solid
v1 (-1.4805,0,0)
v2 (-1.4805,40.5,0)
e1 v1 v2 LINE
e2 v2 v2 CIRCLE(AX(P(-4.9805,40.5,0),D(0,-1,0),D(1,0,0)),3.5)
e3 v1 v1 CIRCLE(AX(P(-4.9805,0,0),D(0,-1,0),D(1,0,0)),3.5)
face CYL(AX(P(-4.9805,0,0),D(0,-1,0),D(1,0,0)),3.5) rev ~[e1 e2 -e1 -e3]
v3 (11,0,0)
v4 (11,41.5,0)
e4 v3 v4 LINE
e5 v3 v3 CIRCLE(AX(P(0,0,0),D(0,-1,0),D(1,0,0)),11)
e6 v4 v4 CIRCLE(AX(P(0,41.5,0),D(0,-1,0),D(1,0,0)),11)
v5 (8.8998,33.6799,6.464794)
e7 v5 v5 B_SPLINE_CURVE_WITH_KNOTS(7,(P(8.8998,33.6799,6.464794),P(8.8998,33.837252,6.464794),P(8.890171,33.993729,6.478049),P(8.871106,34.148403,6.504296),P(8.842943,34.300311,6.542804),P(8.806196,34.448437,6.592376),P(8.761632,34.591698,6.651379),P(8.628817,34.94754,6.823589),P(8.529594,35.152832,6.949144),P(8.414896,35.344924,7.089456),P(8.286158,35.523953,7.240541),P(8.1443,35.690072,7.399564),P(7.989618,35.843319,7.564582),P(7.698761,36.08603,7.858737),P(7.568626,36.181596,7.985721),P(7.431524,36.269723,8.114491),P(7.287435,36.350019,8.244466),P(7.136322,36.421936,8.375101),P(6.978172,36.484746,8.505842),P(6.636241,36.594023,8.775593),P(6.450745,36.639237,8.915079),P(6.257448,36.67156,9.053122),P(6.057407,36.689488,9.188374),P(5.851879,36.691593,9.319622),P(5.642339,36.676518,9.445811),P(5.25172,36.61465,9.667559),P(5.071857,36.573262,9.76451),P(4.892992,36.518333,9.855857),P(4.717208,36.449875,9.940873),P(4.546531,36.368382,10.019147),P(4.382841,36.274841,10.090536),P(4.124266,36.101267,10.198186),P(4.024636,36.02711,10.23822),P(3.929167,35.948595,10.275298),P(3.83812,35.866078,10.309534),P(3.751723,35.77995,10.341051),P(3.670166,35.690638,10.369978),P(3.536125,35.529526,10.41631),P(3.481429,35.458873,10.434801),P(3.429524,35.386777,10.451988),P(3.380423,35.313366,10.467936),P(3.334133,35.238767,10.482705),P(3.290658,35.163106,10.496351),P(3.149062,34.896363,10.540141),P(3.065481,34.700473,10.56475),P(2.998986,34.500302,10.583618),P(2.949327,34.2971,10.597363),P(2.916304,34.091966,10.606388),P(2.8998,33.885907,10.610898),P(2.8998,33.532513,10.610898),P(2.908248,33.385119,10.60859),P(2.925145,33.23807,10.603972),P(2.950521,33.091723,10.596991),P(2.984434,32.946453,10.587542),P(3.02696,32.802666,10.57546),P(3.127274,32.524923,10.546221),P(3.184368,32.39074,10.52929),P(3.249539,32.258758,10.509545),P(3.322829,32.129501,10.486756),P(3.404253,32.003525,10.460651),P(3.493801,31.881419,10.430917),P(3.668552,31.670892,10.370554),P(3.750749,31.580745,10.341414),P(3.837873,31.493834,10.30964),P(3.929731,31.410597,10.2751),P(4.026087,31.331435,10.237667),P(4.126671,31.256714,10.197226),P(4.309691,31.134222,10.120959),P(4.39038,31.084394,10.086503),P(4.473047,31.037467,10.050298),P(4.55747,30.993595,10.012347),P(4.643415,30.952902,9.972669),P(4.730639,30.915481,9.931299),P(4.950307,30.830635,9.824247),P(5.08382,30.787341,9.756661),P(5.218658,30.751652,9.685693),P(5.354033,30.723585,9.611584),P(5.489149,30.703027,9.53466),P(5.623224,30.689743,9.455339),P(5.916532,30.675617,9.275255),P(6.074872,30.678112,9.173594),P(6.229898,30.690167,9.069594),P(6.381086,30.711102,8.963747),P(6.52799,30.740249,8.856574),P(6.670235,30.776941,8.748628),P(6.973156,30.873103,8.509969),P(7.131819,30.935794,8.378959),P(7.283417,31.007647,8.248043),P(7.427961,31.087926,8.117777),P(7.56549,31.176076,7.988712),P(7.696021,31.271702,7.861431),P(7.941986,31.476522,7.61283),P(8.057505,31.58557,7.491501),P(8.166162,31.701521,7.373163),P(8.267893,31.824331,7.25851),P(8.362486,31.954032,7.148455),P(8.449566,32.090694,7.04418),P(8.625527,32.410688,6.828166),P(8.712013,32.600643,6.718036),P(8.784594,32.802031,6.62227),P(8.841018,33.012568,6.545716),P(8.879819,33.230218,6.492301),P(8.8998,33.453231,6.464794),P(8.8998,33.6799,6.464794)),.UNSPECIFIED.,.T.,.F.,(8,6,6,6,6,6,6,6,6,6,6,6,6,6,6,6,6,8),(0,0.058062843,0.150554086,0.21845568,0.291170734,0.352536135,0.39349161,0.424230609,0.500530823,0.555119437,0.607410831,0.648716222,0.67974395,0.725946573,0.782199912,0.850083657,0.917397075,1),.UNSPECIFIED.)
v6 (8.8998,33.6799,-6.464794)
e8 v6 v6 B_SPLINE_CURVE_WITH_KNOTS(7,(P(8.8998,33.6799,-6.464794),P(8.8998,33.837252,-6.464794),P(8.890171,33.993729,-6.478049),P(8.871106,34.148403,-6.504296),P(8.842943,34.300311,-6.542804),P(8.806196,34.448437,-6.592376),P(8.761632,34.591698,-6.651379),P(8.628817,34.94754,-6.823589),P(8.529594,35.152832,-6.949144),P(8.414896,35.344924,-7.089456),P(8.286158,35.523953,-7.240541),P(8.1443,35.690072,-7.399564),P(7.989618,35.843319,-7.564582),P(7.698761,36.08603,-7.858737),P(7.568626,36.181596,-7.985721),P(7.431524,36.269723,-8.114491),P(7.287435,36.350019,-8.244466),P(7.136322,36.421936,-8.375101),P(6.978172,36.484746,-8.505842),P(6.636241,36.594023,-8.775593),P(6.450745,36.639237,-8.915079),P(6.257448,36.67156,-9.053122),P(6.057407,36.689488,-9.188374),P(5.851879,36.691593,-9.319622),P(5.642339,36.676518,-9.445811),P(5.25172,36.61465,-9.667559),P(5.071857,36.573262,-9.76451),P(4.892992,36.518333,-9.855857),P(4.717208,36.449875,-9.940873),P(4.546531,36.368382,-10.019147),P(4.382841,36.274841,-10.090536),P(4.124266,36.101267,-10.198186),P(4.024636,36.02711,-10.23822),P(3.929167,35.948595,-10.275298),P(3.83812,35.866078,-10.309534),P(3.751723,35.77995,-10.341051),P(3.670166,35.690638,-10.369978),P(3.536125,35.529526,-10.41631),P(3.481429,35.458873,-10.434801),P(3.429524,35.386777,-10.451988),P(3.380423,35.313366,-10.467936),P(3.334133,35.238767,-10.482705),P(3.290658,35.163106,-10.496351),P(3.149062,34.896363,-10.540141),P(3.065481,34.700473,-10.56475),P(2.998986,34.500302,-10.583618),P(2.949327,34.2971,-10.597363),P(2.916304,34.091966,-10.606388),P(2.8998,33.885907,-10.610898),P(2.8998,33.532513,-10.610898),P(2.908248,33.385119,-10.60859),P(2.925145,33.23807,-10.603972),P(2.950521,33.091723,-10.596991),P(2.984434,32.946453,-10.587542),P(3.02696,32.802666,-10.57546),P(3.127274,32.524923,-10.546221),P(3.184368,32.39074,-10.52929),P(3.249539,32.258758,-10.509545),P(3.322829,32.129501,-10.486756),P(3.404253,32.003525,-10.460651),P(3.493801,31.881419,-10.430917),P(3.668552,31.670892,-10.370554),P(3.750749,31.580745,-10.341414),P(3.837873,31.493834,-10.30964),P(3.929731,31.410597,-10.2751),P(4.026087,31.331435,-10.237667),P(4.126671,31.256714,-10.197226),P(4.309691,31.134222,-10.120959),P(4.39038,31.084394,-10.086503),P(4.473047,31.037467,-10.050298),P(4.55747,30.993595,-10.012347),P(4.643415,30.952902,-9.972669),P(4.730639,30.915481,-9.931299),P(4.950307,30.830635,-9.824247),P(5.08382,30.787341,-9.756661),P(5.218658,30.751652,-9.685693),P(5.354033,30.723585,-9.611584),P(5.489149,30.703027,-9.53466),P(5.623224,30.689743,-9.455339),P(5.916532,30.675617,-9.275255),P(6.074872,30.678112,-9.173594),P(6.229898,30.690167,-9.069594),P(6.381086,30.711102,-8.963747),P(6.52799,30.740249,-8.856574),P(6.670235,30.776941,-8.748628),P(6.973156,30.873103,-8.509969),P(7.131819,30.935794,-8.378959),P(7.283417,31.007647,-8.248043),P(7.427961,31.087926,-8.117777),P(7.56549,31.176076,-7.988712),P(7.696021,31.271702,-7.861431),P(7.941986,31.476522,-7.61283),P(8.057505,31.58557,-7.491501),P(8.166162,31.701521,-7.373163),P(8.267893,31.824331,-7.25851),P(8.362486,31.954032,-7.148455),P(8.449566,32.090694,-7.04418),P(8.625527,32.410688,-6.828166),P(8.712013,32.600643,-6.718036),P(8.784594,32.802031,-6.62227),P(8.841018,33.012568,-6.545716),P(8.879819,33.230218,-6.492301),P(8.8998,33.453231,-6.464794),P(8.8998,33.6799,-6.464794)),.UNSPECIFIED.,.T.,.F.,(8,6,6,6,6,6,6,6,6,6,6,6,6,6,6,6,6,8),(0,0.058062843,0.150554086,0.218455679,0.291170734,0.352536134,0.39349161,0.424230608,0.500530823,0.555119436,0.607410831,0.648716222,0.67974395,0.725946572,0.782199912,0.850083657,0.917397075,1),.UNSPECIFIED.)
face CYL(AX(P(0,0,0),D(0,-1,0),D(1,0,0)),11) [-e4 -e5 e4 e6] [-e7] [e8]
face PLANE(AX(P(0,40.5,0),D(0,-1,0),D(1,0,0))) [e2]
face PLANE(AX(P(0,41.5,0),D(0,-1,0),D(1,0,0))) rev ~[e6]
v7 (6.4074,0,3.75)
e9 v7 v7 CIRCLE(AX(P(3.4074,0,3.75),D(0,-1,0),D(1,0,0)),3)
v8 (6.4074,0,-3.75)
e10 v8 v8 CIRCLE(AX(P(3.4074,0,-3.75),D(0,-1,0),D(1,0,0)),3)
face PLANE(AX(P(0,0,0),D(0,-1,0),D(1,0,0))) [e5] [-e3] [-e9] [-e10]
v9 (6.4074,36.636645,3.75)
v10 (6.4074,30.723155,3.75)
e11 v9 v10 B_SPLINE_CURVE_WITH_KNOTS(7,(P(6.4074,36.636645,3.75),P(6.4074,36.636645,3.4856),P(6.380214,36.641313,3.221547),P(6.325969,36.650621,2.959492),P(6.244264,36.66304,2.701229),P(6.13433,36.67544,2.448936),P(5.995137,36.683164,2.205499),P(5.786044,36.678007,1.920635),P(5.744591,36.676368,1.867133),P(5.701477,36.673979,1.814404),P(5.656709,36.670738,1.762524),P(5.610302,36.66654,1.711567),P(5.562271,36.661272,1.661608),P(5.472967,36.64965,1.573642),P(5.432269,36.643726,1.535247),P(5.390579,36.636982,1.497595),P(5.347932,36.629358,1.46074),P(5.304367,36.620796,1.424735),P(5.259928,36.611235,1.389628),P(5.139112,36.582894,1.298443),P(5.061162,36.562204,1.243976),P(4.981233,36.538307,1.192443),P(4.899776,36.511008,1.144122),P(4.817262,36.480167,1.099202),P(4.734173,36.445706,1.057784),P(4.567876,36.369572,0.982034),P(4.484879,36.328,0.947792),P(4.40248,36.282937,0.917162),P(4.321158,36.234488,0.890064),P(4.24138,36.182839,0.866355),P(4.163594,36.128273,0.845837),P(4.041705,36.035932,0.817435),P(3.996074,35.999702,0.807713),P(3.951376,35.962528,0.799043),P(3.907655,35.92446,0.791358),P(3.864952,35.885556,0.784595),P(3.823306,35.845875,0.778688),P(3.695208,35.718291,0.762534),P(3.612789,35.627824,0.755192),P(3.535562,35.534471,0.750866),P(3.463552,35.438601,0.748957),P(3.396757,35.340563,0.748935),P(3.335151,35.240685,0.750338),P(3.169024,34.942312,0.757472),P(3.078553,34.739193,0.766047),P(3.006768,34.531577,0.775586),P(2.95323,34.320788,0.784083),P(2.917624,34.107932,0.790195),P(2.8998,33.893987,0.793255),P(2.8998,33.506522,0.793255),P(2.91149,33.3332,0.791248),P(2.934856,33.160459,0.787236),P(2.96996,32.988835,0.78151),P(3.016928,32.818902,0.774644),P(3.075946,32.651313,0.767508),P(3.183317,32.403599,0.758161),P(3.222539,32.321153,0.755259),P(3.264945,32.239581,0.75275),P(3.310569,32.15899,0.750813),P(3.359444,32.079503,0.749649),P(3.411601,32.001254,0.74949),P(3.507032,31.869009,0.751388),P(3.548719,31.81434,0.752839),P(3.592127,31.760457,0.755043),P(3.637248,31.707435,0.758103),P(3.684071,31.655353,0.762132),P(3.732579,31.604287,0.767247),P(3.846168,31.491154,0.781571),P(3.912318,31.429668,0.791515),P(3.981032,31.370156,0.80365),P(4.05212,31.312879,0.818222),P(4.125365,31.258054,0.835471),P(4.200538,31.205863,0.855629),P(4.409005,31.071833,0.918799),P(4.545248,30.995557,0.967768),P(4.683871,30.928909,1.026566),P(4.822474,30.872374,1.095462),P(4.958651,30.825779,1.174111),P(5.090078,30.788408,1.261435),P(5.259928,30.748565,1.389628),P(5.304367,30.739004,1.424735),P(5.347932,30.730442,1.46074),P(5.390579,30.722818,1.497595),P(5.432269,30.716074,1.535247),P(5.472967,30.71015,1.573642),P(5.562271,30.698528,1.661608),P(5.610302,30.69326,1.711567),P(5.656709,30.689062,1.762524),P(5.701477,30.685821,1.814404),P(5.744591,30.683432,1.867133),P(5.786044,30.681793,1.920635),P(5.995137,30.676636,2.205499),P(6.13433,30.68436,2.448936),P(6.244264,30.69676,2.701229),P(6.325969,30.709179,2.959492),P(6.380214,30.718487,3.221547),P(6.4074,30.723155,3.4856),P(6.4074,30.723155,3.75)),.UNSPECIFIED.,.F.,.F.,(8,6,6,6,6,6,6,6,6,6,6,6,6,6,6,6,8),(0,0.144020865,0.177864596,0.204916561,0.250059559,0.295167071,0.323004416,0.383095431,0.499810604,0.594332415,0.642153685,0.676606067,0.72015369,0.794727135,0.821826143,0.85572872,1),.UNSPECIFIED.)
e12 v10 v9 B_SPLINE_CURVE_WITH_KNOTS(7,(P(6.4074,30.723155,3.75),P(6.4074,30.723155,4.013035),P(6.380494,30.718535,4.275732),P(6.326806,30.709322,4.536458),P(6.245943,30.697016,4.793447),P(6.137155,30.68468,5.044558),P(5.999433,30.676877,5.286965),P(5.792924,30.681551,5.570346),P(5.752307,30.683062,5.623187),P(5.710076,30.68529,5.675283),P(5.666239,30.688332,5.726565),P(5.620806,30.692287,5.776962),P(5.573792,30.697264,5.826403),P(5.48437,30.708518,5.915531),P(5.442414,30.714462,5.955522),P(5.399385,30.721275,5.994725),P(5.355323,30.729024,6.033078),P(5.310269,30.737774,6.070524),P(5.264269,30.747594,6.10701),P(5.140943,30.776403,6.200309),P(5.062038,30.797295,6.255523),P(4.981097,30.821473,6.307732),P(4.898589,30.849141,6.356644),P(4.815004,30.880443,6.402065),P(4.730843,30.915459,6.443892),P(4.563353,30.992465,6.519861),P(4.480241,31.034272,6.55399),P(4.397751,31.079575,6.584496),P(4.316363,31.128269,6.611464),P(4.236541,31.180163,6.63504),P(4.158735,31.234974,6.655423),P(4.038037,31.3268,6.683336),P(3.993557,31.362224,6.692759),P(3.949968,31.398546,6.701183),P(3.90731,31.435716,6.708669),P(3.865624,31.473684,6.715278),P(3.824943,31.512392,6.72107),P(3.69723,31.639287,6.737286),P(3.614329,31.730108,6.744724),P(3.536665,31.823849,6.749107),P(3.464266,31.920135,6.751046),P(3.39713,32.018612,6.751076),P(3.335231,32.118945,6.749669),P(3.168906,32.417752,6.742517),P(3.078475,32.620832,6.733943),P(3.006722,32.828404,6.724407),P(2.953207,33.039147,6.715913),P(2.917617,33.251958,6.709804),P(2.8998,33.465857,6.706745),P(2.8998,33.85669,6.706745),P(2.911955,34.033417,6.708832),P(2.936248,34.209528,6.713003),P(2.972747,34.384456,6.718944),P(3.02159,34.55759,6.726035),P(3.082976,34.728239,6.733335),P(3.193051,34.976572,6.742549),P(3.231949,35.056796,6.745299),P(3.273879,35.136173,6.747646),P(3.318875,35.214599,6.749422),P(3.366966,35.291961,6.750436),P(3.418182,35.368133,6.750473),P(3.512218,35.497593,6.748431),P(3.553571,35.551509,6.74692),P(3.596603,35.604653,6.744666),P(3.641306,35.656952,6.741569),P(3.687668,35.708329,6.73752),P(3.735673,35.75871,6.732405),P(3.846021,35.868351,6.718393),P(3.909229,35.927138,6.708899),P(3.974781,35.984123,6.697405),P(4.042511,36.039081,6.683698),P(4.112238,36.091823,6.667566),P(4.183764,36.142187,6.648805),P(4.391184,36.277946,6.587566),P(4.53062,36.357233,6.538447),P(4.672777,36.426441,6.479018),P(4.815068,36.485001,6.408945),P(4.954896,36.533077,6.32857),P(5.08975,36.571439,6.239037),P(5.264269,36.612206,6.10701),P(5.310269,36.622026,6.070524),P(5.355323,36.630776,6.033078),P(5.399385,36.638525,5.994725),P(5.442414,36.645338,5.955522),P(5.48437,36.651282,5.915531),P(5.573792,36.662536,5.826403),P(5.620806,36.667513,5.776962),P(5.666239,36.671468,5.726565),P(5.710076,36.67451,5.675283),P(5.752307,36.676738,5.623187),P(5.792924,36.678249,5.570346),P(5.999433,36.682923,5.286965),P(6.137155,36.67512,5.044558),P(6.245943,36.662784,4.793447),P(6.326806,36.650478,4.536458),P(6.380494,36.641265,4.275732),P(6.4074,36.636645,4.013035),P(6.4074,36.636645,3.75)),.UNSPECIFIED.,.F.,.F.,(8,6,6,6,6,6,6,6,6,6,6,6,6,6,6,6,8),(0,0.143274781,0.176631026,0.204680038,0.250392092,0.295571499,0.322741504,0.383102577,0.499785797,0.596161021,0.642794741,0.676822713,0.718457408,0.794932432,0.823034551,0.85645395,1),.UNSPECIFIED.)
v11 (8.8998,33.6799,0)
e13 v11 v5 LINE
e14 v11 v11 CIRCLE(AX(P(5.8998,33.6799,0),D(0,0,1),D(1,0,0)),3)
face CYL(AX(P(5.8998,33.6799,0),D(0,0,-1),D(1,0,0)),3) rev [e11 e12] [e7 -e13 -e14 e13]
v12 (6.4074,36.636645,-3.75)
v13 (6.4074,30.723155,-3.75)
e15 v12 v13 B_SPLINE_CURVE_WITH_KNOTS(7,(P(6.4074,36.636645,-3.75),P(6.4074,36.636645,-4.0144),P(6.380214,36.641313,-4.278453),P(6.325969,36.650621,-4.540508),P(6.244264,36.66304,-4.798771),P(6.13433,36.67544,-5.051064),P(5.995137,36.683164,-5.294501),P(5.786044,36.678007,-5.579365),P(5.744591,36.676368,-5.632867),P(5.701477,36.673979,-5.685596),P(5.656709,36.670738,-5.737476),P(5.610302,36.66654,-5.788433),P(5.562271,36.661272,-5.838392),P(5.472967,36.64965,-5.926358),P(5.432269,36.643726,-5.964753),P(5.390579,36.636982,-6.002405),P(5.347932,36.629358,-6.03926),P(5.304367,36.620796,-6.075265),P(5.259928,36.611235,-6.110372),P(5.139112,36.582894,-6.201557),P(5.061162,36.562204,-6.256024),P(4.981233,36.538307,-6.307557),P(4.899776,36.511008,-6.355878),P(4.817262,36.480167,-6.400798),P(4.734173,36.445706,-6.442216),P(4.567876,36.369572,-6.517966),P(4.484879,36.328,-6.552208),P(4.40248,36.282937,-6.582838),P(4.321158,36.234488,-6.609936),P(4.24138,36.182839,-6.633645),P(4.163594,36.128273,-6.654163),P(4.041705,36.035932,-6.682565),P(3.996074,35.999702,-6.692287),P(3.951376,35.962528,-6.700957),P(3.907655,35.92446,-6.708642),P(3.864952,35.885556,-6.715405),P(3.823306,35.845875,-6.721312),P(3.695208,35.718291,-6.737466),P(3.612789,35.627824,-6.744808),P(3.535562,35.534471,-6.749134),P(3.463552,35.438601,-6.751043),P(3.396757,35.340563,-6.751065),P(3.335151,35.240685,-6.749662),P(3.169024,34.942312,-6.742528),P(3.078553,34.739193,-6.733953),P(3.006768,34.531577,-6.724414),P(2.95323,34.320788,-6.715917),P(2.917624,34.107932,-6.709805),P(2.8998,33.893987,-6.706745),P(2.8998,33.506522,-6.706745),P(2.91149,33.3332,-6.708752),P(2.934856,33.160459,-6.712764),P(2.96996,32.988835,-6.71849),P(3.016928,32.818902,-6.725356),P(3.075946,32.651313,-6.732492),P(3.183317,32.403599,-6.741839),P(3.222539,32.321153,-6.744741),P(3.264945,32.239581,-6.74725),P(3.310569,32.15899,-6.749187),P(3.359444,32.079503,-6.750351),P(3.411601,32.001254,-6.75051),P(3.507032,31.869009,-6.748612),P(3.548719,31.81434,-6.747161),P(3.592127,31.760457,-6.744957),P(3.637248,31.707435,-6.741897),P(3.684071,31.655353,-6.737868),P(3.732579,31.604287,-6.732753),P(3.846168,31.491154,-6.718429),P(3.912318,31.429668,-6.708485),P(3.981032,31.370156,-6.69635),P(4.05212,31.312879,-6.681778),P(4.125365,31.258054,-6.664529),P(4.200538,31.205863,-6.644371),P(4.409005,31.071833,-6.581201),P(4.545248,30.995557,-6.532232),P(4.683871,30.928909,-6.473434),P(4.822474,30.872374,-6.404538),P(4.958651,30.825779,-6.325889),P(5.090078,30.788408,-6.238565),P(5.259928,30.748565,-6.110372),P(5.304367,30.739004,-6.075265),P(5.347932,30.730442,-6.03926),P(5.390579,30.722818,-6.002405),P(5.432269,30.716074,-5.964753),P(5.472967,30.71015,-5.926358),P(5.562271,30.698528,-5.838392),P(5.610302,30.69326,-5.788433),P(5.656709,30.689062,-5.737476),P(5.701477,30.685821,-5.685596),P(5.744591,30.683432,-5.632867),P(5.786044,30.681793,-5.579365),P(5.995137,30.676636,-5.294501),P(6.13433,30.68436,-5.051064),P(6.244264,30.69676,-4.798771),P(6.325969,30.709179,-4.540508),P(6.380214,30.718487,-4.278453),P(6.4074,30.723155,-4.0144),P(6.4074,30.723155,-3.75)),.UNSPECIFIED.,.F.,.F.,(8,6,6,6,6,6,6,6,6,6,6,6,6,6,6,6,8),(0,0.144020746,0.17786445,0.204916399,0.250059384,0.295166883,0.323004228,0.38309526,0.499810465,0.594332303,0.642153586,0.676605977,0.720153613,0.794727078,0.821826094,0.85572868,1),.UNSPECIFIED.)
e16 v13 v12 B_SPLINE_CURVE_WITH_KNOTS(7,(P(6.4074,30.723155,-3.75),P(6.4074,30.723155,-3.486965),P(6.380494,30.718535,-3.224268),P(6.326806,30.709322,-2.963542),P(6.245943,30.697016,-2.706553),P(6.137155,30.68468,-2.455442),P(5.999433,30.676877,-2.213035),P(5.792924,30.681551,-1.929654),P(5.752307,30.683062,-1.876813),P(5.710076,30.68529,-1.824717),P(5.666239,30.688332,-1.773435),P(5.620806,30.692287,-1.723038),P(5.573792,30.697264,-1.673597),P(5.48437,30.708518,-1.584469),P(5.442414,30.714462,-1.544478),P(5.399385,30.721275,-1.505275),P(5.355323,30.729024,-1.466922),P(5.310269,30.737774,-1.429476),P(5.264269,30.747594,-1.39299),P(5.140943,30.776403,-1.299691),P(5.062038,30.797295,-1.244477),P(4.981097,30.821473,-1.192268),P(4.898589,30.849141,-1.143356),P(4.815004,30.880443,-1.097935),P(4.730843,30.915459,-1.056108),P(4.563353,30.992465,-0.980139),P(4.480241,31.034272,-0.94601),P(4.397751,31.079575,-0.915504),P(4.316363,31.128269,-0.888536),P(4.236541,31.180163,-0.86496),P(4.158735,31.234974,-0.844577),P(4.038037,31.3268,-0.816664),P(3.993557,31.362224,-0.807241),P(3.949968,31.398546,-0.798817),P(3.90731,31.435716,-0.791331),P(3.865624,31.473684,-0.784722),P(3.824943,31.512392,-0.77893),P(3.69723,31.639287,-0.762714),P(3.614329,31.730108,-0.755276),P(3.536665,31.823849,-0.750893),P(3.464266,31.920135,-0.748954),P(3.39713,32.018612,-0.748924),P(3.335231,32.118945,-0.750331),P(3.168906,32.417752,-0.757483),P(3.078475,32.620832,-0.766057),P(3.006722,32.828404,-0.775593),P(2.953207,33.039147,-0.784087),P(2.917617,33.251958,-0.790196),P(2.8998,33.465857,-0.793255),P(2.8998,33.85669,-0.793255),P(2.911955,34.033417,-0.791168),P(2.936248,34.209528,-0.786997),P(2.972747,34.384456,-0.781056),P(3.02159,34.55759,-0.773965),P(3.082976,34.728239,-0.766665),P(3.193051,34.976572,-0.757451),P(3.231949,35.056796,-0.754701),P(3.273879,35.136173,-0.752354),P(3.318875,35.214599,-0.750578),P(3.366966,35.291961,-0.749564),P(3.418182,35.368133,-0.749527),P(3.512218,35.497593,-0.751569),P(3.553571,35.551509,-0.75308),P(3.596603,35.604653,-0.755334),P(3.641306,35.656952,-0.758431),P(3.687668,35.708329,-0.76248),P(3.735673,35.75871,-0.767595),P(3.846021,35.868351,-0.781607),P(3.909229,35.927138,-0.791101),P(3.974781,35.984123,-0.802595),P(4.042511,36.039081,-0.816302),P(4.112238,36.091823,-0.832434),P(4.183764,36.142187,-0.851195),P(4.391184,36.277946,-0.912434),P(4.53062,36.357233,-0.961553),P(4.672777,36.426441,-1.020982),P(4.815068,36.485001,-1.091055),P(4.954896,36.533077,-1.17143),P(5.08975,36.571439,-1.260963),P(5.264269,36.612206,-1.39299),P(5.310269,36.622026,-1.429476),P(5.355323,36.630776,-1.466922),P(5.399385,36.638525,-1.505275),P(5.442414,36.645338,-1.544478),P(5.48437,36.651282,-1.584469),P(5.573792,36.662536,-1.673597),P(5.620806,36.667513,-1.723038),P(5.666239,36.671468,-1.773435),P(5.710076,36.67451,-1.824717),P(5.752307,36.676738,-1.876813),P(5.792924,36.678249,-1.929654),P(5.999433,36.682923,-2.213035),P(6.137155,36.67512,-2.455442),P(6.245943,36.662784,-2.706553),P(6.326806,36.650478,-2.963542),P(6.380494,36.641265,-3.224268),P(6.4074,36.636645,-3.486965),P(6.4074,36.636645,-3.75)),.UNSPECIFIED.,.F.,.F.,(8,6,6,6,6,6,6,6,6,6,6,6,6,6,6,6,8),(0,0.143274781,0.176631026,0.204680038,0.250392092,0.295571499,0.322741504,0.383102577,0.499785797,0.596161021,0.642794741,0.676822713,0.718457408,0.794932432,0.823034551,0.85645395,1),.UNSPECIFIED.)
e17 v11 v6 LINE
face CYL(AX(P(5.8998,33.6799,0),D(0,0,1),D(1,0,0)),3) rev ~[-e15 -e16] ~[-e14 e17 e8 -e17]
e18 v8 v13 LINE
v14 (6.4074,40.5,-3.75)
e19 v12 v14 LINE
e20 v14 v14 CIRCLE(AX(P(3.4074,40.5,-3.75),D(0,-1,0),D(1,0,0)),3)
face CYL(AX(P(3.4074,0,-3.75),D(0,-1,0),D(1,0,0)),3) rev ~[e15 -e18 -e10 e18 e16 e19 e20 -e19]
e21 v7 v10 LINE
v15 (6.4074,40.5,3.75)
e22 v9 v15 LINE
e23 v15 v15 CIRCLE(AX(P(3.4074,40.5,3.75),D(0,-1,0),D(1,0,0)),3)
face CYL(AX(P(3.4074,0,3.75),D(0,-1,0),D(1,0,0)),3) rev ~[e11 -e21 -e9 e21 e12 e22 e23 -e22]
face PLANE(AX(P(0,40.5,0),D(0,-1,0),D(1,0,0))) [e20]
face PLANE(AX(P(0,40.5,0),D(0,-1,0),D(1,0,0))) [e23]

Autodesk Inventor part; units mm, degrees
ref_plane "YZ Plane" through (0, 0, 0) normal (1, 0, 0) x (0, 1, 0)
ref_plane "XZ Plane" through (0, 0, 0) normal (0, 1, 0) x (-1, 0, 0)
sketch "Boceto1" plane through (0, 0, 0) normal (0, 1, 0) x (-1, 0, 0)
  circle A0 centre (0, 0) radius 10.95
  dimension "d0" = 21.9
extrude "Extrusión1" add sketch "Boceto1" along normal blind 146.5
sketch "Boceto2" plane through (0, 0, 0) normal (0, -1, 0) x (1, 0, 0)
  circle A0 centre (3.4074, 3.75) radius 3
  circle A1 centre (3.4074, -3.75) radius 3
  circle A2 centre (-4.9805, 0) radius 3.5
  point P0 (0, 0)
  dimension "d3" = 6
  dimension "d4" = 6
  dimension "d5" = 7
  dimension "d" = 7.5
  dimension "d7" = 3.75
extrude "Extrusión2" cut sketch "Boceto2" against normal blind 40.5
sketch "Boceto4" plane through (0, 0, 0) normal (0, -1, 0) x (1, 0, 0)
  circle A0 centre (0, 0) radius 10.95
  circle A1 centre (0, 0) radius 11
  dimension "d10" = 22
extrude "Extrusión3" add sketch "Boceto4" against normal blind 41.5
sketch "Boceto5" plane through (0, 146.5, 0) normal (0, 1, 0) x (1, 0, 0)
  circle A0 centre (0, 0) radius 10.95
extrude "Extrusión4" cut sketch "Boceto5" against normal blind 105
ref_plane "Plano de trabajo1" through (0, 0, 0) normal (0, 0, 1) x (1, 0, 0)
sketch "Boceto6" plane through (0, 0, 0) normal (0, 0, 1) x (1, 0, 0)
  circle A0 centre (5.8998, 33.6799) radius 3
  point P0 (0, 0)
  dimension "d16" = 6
extrude "Extrusión5" cut sketch "Boceto6" along normal mid plane 22
equation "\"d7\" = 0.5 * d"
properties part number "W520inferior"
